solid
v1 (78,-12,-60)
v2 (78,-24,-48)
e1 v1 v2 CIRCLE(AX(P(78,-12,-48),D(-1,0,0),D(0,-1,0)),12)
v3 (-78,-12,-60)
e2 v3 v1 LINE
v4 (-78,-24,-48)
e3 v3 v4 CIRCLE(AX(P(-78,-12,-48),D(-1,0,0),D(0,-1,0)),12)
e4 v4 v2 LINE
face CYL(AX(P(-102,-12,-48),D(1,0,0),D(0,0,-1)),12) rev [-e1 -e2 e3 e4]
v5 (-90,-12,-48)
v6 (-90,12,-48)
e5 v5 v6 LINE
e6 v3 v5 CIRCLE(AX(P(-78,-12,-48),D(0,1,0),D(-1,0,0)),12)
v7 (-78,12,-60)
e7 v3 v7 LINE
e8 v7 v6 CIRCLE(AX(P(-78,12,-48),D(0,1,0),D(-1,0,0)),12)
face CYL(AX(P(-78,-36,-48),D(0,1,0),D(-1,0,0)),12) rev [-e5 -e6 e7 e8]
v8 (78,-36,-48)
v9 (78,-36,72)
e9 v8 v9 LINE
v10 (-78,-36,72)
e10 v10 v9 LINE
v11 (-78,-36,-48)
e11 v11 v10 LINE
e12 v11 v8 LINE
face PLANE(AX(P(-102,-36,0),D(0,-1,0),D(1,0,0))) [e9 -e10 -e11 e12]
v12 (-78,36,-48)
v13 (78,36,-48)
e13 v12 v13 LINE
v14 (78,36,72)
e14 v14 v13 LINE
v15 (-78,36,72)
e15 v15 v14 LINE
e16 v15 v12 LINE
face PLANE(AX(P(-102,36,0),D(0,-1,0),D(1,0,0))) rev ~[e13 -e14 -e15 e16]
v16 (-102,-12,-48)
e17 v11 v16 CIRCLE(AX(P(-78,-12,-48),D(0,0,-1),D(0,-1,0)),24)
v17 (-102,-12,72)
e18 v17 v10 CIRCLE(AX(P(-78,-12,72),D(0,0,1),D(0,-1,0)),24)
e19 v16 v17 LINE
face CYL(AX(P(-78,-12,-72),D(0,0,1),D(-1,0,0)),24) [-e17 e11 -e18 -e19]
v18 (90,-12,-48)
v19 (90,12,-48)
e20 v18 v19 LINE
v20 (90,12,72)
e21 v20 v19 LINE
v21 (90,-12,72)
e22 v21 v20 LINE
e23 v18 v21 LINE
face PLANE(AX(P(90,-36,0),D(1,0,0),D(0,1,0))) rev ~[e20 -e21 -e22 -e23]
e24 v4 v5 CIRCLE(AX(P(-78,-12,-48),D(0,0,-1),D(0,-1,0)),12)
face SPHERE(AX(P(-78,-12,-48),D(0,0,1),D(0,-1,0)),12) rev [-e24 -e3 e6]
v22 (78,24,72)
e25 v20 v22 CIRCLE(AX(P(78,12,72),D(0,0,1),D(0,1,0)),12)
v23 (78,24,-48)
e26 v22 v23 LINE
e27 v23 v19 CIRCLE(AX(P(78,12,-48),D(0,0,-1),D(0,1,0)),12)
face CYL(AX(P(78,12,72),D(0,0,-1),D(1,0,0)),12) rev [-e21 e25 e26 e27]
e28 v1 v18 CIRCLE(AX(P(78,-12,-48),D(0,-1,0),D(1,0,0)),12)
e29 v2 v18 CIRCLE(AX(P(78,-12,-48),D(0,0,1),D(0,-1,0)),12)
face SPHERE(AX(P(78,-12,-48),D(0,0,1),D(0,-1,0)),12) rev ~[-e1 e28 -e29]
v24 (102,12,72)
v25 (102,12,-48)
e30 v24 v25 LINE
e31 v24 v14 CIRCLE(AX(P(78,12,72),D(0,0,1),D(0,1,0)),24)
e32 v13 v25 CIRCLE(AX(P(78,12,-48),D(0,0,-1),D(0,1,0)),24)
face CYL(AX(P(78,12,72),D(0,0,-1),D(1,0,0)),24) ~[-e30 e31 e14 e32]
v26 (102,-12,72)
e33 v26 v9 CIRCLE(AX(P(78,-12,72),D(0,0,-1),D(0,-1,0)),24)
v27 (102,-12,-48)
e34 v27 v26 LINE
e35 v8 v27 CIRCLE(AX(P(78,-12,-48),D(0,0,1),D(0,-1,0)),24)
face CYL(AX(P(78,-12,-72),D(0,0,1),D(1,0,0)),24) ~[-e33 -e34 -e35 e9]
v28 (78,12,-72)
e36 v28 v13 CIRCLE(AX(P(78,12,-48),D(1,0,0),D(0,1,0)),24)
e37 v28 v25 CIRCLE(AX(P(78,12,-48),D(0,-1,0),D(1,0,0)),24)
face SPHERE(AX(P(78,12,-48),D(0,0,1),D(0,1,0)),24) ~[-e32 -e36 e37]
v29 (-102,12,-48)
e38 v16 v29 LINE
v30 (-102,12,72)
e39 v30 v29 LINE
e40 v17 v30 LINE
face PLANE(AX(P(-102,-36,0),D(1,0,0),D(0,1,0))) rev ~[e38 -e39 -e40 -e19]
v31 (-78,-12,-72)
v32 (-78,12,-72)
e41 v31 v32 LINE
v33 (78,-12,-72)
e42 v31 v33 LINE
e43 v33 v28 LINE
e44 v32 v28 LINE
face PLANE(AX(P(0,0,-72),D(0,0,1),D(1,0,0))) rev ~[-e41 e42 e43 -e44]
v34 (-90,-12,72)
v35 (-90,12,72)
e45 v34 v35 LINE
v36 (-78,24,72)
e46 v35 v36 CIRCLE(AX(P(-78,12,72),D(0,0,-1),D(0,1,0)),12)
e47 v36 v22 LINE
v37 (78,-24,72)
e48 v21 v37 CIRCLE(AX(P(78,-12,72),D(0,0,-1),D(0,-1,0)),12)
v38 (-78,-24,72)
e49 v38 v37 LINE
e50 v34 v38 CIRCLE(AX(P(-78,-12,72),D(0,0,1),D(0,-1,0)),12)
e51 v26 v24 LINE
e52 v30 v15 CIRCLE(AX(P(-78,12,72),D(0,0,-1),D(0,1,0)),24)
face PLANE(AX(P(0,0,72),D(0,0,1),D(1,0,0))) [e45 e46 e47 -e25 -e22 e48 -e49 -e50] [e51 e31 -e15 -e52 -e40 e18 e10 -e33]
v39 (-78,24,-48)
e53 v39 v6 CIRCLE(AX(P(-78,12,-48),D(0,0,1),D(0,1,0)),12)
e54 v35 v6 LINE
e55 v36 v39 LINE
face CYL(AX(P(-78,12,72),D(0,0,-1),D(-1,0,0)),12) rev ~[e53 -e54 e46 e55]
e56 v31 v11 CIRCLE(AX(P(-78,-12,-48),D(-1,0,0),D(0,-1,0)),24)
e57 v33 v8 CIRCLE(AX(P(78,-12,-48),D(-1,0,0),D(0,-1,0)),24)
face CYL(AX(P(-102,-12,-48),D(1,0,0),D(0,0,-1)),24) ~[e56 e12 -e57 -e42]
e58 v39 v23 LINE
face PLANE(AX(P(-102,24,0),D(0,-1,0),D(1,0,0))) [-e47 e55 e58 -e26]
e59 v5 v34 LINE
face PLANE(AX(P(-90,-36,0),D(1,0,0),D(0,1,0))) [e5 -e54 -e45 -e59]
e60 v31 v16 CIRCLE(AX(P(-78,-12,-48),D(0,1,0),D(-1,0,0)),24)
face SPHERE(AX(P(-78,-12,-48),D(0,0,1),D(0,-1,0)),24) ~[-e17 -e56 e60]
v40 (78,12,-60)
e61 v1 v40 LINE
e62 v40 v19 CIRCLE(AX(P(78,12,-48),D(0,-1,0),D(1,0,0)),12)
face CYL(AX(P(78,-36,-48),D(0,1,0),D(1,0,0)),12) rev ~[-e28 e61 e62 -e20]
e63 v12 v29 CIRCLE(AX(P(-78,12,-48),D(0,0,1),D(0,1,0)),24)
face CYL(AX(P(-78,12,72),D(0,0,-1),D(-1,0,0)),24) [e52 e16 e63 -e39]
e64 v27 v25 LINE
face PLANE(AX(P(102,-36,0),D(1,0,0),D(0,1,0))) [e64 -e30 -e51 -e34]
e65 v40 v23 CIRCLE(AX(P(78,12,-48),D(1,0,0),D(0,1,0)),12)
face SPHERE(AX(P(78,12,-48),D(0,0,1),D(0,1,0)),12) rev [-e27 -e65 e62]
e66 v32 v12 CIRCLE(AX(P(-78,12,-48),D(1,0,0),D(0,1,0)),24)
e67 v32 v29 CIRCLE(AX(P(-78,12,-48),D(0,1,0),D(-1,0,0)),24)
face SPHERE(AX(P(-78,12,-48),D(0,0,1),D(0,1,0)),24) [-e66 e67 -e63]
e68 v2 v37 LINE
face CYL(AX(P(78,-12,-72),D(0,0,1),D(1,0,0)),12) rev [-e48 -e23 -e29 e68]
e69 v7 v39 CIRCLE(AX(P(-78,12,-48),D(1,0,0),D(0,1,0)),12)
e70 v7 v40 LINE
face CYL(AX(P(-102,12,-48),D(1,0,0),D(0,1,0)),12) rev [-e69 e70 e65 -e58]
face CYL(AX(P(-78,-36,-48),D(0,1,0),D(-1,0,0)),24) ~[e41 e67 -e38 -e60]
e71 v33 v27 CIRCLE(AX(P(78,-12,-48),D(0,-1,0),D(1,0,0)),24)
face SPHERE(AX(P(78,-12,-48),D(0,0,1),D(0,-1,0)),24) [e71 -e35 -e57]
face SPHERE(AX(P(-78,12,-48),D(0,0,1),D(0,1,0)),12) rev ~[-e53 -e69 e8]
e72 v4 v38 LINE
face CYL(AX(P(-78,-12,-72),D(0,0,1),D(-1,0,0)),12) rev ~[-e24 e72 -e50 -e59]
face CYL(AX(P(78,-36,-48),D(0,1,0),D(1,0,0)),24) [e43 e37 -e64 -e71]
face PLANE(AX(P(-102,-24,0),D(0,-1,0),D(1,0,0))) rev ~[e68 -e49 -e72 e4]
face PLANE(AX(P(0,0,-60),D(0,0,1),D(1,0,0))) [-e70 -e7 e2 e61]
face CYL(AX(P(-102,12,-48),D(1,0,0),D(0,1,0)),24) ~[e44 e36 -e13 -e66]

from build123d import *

# Parameters (mm, degrees)
F0_W     = 170
F0_H     = 60
F1_DEPTH = 60
F2_R     = 20
F3_T     = -10
F4_SCALE = 1.2


with BuildPart() as f1:
    # F0 (on Top) → F1 (new body, symmetric)
    with BuildSketch(Plane.XY):
        Rectangle(F0_W, F0_H)
    extrude(amount=F1_DEPTH, both=True)

    # F2
    f2_edges = [f1.edges().sort_by_distance(p)[0] for p in [
        (-85, -30, 0),
        (-85, 30, 0),
        (85, -30, 0),
        (85, 30, 0),
        (0, 30, -60),
        (0, -30, -60),
        (-85, 0, -60),
        (85, 0, -60),
    ]]
    fillet(f2_edges, radius=F2_R)

    # F3
    f3_openings = [f1.faces().sort_by_distance(p)[0] for p in [
        (0, 0, 60),
    ]]
    offset(amount=F3_T, openings=f3_openings)


with BuildPart() as f1_1:
    # F4: moved
    add(f1.part.scale(F4_SCALE))


solid = f1_1.part
